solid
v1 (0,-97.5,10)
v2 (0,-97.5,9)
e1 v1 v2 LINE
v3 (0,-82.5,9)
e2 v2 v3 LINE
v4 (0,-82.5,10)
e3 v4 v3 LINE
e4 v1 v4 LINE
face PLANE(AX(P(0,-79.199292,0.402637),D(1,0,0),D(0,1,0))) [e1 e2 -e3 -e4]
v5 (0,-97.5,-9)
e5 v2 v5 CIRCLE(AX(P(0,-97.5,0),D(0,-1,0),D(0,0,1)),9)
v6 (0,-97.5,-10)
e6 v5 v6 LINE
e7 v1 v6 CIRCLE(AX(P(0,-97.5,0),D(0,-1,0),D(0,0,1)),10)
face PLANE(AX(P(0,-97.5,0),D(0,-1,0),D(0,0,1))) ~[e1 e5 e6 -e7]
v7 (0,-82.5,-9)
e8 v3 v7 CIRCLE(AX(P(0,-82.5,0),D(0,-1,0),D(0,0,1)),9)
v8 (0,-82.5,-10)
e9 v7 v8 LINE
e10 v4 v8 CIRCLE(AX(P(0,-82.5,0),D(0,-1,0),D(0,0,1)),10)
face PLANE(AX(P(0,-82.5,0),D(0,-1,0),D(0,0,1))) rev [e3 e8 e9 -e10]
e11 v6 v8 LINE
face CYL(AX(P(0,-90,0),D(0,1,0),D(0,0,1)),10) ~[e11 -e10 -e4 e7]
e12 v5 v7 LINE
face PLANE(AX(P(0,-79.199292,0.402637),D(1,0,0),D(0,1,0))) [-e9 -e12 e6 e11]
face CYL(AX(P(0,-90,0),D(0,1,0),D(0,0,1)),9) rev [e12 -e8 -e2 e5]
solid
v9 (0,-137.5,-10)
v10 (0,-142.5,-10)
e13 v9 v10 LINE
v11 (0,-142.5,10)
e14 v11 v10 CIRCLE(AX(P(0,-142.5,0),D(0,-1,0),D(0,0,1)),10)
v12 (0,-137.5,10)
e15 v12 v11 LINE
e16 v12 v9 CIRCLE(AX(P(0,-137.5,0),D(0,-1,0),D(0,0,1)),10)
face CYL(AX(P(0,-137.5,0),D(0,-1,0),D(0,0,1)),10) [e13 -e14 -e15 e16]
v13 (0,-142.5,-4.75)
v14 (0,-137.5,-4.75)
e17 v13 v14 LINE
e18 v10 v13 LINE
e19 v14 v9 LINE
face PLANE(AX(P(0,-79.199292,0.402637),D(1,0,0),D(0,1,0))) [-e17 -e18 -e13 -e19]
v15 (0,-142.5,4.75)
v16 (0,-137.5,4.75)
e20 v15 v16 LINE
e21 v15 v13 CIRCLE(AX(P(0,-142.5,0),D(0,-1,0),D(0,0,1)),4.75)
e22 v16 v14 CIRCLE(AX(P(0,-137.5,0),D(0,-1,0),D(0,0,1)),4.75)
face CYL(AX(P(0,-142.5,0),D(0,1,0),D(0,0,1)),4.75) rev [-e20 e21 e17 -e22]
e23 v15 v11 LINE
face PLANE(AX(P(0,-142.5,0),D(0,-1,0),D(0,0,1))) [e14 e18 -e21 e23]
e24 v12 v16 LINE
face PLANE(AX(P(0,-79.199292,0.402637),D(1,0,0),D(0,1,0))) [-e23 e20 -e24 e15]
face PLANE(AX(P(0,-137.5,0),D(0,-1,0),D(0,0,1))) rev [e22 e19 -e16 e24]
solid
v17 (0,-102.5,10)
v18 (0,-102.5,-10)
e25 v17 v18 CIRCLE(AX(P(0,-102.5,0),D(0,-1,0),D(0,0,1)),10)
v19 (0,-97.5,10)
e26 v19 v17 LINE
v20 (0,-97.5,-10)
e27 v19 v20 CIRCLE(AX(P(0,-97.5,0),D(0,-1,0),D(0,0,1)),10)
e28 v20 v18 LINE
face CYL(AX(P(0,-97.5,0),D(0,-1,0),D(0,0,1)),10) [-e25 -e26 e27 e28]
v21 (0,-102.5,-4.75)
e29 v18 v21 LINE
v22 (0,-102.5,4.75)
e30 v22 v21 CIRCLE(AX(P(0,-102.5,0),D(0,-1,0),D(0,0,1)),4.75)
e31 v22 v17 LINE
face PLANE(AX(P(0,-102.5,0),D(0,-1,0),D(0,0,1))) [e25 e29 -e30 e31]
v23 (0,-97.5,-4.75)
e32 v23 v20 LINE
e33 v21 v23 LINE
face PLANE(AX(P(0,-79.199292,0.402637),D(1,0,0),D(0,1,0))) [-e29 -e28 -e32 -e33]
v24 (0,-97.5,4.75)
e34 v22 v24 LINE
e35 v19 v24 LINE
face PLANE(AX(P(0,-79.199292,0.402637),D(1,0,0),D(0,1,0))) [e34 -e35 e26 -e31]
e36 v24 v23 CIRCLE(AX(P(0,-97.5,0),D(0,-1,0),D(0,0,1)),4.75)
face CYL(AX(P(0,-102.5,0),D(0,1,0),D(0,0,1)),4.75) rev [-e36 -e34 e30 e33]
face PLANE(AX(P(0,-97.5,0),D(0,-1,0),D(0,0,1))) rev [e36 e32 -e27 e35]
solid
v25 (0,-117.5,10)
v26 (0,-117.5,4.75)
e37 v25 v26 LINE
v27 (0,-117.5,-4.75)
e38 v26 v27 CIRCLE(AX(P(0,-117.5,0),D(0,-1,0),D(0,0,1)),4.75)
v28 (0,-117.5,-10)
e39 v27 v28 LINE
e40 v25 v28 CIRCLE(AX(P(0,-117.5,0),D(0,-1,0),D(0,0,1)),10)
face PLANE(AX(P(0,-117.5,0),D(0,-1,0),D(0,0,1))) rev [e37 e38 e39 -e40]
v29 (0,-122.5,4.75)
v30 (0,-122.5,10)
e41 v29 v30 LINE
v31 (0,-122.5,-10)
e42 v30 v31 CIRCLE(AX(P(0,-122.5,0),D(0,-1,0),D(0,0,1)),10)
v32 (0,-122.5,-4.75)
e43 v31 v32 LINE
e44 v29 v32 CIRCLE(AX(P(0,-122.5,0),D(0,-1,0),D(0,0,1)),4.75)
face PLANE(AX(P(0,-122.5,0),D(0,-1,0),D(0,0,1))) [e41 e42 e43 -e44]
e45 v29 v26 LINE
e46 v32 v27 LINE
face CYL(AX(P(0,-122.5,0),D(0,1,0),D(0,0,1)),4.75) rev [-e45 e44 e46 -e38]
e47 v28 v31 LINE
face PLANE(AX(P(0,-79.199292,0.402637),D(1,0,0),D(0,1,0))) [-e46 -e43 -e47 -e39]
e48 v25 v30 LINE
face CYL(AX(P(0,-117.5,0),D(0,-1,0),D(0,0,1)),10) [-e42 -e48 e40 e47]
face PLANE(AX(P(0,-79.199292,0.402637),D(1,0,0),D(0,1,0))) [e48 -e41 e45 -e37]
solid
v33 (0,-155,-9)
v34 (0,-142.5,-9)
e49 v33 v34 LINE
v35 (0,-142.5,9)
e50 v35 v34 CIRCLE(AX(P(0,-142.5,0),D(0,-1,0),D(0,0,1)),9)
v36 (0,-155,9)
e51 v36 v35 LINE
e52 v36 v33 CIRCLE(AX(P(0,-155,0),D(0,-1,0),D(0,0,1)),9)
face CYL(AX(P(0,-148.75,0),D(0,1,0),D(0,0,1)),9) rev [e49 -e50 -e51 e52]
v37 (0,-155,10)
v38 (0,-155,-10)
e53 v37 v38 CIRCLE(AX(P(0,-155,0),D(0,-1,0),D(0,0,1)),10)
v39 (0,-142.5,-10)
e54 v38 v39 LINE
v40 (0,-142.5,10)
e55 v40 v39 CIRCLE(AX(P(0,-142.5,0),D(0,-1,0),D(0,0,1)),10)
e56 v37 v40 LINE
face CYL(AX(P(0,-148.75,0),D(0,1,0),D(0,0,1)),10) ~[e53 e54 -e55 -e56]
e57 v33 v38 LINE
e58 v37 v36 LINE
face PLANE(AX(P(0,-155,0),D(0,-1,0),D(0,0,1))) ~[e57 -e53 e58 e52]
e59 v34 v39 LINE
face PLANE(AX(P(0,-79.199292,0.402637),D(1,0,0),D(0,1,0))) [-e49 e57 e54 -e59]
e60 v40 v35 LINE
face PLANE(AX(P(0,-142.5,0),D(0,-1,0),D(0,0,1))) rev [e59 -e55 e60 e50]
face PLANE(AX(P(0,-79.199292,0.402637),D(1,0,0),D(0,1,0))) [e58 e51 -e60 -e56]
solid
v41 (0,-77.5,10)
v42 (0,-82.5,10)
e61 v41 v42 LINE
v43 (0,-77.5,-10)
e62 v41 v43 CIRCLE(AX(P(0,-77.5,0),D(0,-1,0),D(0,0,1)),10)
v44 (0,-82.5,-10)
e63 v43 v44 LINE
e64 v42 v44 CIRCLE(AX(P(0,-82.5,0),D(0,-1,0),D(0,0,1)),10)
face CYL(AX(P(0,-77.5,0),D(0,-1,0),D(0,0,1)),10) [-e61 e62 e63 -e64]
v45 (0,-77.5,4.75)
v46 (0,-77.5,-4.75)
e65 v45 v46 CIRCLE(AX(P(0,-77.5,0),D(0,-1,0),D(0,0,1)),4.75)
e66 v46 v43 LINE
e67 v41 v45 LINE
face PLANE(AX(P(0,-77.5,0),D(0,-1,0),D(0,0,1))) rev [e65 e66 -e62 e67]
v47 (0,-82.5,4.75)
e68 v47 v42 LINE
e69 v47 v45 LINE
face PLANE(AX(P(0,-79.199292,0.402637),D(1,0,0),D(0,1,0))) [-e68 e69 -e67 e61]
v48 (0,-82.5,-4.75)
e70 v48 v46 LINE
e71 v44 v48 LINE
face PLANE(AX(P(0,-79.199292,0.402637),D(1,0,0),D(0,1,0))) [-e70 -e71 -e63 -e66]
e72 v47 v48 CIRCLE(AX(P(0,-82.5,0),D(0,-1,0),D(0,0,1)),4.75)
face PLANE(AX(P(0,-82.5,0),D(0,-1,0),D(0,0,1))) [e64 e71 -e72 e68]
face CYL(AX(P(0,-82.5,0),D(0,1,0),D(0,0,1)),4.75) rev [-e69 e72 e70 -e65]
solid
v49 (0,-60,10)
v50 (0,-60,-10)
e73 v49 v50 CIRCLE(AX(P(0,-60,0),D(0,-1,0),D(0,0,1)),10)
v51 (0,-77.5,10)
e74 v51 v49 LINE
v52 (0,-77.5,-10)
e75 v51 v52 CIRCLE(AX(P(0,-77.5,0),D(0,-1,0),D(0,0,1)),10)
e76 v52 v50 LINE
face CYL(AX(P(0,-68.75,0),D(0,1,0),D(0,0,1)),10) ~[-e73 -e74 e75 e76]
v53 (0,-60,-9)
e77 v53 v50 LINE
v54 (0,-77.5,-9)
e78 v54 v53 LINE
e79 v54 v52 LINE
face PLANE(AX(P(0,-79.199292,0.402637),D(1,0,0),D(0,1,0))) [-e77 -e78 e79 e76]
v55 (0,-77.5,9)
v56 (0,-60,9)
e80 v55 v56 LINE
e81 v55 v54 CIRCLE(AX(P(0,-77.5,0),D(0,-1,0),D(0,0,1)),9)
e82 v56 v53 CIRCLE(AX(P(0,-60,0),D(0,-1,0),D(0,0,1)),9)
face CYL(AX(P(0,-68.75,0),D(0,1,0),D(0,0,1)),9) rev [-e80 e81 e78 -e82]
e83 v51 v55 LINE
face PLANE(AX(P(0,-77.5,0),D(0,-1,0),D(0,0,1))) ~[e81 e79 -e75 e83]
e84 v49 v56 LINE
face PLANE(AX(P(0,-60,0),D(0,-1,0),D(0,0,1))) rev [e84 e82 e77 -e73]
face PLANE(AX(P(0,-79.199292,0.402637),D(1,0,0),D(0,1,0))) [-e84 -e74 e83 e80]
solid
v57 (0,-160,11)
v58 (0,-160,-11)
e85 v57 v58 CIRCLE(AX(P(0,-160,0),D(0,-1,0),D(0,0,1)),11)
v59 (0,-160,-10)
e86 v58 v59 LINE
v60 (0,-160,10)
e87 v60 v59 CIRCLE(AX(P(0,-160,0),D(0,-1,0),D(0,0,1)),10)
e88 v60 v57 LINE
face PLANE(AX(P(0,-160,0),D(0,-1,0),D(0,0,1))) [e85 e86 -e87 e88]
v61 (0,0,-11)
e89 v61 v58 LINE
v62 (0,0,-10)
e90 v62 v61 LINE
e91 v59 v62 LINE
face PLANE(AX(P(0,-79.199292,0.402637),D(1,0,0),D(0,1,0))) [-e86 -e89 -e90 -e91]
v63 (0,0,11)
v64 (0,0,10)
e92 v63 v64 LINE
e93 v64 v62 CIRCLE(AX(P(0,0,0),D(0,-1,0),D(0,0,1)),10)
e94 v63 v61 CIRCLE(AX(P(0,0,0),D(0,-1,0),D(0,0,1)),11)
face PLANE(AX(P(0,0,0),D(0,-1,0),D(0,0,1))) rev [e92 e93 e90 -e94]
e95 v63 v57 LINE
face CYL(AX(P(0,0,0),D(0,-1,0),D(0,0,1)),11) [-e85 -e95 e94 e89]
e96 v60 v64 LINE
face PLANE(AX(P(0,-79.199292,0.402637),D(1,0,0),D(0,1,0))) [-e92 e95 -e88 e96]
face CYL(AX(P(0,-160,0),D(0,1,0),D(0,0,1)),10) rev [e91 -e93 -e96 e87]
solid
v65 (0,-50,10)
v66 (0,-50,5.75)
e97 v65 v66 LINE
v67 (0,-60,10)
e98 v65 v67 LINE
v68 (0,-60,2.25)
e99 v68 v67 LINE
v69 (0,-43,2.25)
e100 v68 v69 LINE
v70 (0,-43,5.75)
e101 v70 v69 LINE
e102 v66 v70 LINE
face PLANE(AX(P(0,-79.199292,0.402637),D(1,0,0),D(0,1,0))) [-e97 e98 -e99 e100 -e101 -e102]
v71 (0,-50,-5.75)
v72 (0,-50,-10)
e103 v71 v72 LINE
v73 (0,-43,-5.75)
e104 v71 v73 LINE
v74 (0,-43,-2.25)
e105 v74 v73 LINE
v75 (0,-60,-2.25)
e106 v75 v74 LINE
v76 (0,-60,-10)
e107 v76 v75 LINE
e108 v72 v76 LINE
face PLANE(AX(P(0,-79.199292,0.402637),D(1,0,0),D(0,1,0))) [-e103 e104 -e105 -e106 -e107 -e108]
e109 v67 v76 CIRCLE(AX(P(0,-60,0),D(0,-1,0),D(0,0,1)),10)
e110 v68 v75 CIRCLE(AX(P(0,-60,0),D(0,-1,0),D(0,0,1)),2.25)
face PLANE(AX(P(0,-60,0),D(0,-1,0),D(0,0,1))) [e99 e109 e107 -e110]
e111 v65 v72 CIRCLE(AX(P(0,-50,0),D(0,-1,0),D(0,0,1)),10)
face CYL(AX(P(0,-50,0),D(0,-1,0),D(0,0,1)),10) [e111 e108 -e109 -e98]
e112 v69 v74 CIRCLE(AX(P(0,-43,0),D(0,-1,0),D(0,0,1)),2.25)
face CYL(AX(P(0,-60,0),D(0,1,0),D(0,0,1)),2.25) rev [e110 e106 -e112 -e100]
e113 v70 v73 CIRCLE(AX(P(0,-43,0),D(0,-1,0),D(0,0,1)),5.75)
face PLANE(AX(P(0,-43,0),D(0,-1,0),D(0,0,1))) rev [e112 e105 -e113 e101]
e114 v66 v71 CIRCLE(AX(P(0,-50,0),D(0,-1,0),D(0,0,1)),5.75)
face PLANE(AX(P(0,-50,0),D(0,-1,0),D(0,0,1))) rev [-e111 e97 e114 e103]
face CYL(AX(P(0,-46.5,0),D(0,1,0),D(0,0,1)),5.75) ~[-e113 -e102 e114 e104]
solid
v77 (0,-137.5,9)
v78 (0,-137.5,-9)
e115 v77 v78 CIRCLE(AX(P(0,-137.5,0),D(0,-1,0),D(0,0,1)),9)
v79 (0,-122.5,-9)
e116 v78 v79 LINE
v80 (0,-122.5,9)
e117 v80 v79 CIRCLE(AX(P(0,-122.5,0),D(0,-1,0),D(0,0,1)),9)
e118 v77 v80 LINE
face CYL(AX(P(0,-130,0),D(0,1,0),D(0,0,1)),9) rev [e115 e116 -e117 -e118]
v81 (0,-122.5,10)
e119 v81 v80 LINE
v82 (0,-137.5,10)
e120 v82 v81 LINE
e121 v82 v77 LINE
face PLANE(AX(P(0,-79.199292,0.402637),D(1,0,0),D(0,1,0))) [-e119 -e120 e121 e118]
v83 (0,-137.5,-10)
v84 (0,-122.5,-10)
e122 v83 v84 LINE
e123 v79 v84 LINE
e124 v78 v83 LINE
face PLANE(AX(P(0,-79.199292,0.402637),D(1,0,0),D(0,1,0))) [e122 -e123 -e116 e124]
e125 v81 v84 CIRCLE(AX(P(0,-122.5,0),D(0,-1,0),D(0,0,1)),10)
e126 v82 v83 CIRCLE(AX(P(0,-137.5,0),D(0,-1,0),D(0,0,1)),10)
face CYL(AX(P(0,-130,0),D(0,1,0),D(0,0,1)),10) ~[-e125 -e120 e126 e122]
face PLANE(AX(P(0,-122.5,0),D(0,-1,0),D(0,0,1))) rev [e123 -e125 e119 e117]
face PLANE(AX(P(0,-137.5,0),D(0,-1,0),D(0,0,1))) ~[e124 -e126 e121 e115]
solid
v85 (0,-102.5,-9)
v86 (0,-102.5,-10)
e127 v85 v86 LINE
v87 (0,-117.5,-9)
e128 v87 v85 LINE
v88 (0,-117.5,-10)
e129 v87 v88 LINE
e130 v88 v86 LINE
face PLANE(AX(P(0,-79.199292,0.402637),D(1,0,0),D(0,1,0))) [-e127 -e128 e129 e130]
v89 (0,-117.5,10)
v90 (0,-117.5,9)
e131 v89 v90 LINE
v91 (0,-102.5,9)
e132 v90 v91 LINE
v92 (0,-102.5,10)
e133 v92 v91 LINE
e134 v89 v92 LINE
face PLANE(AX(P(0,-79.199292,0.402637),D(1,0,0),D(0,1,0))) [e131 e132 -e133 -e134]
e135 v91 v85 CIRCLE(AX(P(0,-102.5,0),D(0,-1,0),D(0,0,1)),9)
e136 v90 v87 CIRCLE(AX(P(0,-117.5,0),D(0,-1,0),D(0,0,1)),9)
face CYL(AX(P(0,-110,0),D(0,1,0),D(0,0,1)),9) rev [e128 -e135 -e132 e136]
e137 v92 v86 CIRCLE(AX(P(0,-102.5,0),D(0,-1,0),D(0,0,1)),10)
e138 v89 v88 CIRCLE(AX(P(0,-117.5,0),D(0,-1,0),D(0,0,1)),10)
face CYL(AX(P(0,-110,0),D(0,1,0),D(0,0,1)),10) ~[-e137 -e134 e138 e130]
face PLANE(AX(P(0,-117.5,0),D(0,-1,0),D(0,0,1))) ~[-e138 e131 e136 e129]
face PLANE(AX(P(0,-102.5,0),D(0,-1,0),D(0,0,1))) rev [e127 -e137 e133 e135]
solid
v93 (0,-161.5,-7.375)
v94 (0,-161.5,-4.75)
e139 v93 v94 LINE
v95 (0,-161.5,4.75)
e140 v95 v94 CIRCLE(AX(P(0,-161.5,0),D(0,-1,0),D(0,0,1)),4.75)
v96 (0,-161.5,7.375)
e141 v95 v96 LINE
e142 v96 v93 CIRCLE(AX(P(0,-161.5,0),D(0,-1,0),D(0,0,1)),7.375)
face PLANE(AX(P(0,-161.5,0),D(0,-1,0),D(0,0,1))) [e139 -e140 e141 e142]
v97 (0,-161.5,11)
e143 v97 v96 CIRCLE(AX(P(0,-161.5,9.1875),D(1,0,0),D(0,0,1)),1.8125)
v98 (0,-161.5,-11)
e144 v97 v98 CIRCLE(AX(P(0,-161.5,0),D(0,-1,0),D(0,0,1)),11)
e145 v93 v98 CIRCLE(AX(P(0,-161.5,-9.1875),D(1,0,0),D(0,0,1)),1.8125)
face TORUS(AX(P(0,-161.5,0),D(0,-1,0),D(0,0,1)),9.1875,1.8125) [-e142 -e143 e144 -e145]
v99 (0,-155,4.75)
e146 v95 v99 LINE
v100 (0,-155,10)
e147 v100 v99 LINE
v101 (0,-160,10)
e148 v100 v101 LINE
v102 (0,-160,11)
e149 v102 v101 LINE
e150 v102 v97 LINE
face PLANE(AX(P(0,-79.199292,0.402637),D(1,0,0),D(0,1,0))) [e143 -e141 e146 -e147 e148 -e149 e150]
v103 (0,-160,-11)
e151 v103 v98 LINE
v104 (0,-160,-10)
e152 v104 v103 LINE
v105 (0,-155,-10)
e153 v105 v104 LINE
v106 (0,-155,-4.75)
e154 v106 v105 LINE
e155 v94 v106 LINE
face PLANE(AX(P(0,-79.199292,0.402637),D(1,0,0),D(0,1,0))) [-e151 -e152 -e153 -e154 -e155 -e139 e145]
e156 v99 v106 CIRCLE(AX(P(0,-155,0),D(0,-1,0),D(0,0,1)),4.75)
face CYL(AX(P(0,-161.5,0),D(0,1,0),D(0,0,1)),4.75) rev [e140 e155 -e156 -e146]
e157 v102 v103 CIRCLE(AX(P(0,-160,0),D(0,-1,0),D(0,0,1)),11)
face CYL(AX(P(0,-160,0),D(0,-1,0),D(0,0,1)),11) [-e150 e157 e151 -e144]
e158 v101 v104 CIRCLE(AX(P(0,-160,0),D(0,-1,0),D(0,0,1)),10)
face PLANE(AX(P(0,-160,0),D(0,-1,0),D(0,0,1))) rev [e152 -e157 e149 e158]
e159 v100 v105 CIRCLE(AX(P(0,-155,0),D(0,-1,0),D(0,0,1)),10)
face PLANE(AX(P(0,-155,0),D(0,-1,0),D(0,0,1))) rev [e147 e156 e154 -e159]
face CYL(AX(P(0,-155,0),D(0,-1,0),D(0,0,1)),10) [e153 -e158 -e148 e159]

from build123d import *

# Parameters (mm, degrees)
F0_W     = 17.5
F0_H     = 1
F0_W_2   = 15
F0_W_3   = 12.5
F0_W_4   = 7
F0_H_2   = 3.5
F4_W     = 190.327004
F4_H     = 38.759522
F5_DEPTH = 25


with BuildPart() as f1:
    # F0 (on Right) → F1 (revolve)
    with BuildSketch(Plane.YZ):
        Polygon((0, 10), (0, 11), (-160, 11), (-160, 10), (-155, 10), (-142.5, 10), (-137.5, 10), (-122.5, 10), (-117.5, 10), (-102.5, 10), (-97.5, 10), (-82.5, 10), (-77.5, 10), (-60, 10), (-50, 10), align=None)
    revolve(axis=Axis((0, -80, 0), (0, -1, 0)))


with BuildPart() as f2:
    # F0 (on Right) → F2 (revolve)
    with BuildSketch(Plane.YZ):
        with Locations((-68.75, 9.5)):
            Rectangle(F0_W, F0_H)
        with Locations((-90, 9.5)):
            Rectangle(F0_W_2, F0_H)
        with Locations((-110, 9.5)):
            Rectangle(F0_W_2, F0_H)
        with Locations((-148.75, 9.5)):
            Rectangle(F0_W_3, F0_H)
        with Locations((-130, 9.5)):
            Rectangle(F0_W_2, F0_H)
    revolve(axis=Axis((0, -80, 0), (0, -1, 0)))


with BuildPart() as f3:
    # F0 (on Right) → F3 (revolve)
    with BuildSketch(Plane.YZ):
        Polygon((-50, 5.75), (-50, 10), (-60, 10), (-60, 9), (-60, 2.25), (-50, 2.25), align=None)
        Polygon((-77.5, 9), (-77.5, 10), (-82.5, 10), (-82.5, 9), (-82.5, 4.75), (-77.5, 4.75), align=None)
        Polygon((-97.5, 9), (-97.5, 10), (-102.5, 10), (-102.5, 9), (-102.5, 4.75), (-97.5, 4.75), align=None)
        Polygon((-117.5, 10), (-122.5, 10), (-122.5, 9), (-122.5, 4.75), (-117.5, 4.75), (-117.5, 9), align=None)
        Polygon((-137.5, 10), (-142.5, 10), (-142.5, 9), (-142.5, 4.75), (-137.5, 4.75), (-137.5, 9), align=None)
        Polygon((-155, 10), (-160, 10), (-160, 7.375), (-160, 4.75), (-155, 4.75), (-155, 9), align=None)
        with Locations((-46.5, 4)):
            Rectangle(F0_W_4, F0_H_2)
        Polygon((-160, 10), (-160, 11), (-161.5, 11), (-161.5, 7.375), (-161.5, 4.75), (-160, 4.75), (-160, 7.375), align=None)
        with BuildLine():
            Line((-161.5, 7.375), (-161.5, 11))
            ThreePointArc((-161.5, 11), (-163.3125, 9.1875), (-161.5, 7.375))
        make_face()
    revolve(axis=Axis((0, -80, 0), (0, -1, 0)))


with BuildPart() as f5_tool:
    # F4 (on Right) → F5 (new body)
    with BuildSketch(Plane.YZ):
        with Locations((-79.199292, 0.402637)):
            Rectangle(F4_W, F4_H)
    extrude(amount=F5_DEPTH)


with BuildPart() as f1_1:
    add(f1.part)

    # F5: cut by f5_tool
    add(f5_tool.part, mode=Mode.SUBTRACT)


with BuildPart() as f2_1:
    add(f2.part)

    # F5: cut by f5_tool
    add(f5_tool.part, mode=Mode.SUBTRACT)


with BuildPart() as f3_1:
    add(f3.part)

    # F5: cut by f5_tool
    add(f5_tool.part, mode=Mode.SUBTRACT)


solid = Compound([f1_1.part, f2_1.part, f3_1.part])
